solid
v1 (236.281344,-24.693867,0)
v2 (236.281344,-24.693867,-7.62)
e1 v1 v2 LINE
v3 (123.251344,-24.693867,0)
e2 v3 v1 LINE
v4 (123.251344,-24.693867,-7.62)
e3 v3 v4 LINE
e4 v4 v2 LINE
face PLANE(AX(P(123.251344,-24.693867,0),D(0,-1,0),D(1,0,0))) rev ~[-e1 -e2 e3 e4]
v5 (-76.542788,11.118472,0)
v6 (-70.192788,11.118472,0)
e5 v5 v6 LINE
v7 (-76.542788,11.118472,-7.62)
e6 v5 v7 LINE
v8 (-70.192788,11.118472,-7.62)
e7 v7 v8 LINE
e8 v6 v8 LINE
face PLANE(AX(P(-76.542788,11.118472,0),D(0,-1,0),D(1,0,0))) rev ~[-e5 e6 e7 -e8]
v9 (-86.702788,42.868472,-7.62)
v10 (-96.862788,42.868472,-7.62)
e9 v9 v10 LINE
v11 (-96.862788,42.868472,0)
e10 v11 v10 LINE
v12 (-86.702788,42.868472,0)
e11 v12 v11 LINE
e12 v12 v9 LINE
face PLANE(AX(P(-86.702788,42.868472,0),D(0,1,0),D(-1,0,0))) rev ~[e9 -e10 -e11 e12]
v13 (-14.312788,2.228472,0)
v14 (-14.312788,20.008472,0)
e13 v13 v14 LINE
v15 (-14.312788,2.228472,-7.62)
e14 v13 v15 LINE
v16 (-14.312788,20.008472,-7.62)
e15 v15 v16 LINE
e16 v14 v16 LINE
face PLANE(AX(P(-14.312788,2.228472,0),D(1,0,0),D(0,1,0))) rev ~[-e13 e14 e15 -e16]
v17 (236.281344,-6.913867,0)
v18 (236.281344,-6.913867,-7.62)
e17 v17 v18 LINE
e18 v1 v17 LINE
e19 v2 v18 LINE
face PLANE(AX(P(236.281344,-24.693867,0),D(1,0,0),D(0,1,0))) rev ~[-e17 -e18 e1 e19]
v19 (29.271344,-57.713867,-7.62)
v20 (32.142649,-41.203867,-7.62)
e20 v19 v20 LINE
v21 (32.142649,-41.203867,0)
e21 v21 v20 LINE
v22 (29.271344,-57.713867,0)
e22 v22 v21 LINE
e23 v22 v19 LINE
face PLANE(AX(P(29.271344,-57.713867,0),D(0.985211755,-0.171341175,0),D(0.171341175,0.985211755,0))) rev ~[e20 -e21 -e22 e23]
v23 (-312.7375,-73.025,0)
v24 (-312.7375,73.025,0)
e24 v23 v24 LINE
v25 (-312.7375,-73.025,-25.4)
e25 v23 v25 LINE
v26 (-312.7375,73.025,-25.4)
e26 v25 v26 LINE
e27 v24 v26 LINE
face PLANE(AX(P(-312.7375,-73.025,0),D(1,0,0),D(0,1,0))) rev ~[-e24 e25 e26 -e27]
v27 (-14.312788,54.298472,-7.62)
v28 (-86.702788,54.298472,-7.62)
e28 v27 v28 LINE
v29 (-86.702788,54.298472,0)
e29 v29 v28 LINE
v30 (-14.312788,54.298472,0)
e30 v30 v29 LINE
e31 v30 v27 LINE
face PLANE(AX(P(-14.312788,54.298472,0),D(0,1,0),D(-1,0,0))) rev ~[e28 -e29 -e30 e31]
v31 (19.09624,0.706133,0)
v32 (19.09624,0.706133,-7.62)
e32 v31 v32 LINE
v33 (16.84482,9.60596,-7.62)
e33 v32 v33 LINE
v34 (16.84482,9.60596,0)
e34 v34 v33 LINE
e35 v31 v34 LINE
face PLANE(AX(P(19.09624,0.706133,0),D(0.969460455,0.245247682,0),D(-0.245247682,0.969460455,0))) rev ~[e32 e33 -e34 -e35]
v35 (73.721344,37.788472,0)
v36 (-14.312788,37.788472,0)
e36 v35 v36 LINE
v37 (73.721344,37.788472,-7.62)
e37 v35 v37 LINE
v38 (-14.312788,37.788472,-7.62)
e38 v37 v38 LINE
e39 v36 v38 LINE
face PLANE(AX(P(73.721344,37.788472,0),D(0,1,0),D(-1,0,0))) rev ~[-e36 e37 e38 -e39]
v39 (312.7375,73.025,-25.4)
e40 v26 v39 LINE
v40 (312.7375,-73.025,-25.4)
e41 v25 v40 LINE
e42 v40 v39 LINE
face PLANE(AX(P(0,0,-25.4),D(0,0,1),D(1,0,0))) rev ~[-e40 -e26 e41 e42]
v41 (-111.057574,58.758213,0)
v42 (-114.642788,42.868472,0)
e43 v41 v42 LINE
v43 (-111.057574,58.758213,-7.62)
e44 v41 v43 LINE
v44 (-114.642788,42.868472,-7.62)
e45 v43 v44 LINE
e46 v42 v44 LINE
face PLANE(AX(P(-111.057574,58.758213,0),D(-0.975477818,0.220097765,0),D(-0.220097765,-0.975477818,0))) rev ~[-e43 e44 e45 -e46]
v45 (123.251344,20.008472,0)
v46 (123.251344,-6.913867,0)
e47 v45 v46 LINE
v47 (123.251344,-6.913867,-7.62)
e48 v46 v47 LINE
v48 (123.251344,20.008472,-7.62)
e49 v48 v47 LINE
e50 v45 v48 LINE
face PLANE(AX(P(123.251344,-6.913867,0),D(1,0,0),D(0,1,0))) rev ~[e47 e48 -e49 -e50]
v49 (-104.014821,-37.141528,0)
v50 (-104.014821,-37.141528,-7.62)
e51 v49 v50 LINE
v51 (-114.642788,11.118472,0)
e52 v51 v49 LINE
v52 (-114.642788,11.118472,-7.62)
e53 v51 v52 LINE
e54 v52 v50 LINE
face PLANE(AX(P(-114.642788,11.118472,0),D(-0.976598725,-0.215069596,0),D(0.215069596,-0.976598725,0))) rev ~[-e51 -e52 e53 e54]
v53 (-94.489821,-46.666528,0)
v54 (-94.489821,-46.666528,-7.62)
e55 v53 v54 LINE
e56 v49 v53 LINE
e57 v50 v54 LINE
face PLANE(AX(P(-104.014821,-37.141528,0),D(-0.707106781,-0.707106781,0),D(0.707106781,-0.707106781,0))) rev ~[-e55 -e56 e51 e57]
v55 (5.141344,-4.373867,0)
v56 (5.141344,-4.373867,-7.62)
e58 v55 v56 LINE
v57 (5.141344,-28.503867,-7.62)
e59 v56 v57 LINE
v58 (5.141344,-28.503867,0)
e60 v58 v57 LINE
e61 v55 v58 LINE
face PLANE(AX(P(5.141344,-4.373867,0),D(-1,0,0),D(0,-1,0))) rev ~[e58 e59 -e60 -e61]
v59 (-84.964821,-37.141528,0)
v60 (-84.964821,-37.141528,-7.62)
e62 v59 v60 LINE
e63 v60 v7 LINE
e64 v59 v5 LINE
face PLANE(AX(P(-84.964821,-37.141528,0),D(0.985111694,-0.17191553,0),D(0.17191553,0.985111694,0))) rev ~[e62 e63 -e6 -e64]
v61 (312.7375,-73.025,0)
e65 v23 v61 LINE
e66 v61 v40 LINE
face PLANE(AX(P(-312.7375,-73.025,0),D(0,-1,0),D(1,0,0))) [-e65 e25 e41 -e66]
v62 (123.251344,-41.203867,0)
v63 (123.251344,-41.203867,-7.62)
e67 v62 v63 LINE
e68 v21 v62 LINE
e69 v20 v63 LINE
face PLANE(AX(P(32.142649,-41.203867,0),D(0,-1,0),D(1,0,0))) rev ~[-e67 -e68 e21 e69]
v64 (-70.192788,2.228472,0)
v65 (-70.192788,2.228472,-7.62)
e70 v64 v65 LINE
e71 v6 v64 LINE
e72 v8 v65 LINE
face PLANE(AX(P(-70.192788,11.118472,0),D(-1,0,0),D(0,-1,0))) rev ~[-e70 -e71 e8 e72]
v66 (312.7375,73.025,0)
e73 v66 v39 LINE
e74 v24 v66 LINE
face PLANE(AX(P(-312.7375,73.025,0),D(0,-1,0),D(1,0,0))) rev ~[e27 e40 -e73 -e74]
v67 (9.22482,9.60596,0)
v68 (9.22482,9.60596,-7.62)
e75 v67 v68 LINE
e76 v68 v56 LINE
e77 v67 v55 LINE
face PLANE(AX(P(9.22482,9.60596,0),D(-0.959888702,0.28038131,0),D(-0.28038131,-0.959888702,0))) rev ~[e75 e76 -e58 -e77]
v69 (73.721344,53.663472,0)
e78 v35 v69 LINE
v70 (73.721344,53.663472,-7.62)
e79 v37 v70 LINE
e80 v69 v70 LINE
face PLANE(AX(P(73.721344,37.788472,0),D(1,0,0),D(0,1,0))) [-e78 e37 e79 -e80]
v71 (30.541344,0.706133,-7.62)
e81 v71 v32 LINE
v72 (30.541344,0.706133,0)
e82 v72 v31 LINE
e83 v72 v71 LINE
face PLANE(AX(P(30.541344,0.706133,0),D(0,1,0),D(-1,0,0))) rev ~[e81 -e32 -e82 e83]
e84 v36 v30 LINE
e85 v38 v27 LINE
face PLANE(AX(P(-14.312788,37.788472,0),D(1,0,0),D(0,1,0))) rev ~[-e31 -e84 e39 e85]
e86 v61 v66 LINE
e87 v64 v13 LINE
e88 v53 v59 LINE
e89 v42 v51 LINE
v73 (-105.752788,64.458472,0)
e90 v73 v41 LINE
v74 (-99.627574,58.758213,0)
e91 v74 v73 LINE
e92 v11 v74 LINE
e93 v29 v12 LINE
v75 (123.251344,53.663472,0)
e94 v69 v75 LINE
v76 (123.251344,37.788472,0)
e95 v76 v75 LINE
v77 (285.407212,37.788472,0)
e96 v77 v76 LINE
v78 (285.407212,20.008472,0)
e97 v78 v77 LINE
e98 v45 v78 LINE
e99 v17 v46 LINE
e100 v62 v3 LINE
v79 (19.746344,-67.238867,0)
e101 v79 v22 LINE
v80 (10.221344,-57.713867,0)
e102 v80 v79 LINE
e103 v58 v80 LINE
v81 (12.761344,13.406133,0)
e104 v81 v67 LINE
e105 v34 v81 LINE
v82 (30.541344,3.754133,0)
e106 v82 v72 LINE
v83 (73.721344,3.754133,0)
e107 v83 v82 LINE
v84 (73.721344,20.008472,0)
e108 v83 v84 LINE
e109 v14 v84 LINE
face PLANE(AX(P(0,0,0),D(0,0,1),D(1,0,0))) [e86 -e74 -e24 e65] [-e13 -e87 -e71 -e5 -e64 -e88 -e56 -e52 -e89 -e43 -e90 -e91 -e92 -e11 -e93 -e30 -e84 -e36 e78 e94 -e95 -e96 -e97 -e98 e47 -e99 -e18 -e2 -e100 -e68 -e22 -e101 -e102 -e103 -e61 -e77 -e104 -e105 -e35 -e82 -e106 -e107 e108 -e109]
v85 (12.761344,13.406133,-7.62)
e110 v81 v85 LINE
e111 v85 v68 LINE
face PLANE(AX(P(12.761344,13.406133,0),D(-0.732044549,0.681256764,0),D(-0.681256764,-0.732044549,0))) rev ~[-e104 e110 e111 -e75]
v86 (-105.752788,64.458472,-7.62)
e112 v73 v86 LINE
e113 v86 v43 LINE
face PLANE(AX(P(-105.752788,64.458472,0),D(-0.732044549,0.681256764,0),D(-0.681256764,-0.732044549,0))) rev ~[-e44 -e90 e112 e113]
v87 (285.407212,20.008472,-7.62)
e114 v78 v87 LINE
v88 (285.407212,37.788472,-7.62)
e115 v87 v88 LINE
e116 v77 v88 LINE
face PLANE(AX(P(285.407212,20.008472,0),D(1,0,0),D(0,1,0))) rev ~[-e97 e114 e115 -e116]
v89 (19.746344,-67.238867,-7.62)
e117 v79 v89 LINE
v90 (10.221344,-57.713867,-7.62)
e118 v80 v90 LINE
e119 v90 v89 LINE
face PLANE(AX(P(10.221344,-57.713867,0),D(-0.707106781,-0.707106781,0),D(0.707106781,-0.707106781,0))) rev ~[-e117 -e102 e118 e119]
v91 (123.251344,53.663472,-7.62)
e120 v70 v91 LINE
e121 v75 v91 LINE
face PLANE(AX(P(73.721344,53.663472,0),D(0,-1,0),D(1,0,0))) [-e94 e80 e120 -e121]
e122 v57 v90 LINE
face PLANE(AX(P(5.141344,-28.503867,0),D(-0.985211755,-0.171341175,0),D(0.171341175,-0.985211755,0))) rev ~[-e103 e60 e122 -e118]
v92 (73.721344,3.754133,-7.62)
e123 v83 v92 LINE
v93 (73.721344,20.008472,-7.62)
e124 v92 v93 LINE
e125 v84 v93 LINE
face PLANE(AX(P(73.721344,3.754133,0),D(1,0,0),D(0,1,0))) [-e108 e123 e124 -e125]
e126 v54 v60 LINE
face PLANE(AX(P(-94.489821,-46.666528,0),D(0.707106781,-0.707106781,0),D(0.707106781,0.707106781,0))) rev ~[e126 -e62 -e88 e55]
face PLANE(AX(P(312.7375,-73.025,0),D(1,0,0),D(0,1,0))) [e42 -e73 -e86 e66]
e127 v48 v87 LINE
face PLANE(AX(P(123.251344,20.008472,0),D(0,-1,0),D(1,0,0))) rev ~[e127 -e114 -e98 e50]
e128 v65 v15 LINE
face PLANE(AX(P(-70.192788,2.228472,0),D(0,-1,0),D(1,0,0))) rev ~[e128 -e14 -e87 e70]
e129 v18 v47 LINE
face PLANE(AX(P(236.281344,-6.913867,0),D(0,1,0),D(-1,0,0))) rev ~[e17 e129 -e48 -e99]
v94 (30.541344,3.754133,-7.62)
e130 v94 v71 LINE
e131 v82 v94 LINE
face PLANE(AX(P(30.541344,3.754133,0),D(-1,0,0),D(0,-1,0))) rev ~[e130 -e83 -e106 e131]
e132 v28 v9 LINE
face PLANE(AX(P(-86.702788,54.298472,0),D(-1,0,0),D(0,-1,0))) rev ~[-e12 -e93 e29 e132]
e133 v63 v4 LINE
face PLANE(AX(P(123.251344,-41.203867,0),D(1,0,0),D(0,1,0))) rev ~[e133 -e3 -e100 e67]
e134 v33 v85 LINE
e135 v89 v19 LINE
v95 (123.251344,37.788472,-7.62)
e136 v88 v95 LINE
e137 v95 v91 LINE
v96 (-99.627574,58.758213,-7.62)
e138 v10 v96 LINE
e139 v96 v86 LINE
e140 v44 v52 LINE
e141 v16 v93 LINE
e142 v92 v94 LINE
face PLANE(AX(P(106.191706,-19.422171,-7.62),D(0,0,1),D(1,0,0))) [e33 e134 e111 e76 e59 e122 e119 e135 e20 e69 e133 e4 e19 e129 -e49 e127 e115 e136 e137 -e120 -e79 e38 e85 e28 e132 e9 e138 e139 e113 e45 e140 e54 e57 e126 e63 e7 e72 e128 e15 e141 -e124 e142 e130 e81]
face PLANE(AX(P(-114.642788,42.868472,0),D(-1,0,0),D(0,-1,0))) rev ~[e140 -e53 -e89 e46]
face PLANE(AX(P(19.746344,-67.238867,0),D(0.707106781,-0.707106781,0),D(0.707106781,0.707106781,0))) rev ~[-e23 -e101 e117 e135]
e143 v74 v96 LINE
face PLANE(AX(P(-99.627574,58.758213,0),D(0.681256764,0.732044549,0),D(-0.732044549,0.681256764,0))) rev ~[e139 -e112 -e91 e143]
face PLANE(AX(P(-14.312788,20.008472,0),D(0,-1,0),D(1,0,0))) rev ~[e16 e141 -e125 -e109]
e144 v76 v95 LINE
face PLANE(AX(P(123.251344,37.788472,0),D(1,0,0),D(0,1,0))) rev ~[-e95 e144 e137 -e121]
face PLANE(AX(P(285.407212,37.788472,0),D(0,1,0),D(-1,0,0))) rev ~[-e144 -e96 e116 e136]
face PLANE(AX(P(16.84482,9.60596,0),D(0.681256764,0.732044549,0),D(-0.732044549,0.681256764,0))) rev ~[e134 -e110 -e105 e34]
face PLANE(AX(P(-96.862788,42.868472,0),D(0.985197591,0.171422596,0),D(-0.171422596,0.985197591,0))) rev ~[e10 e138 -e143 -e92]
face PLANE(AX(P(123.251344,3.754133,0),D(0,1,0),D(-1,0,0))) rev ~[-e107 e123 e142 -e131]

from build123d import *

# Parameters (mm, degrees)
F0_W     = 625.475
F0_H     = 146.05
F3_DEPTH = 25.4
F4_DEPTH = 7.62
F2_W     = 49.53
F2_H     = 17.78
F2_H_2   = 16.2543391211
F2_W_2   = 162.1558675107
F2_H_3   = 15.875
F5_DEPTH = 7.62


with BuildPart() as f3:
    # F0 (on Top) → F3 (new body)
    with BuildSketch(Plane.XY):
        Rectangle(F0_W, F0_H)
    extrude(amount=-F3_DEPTH)

    # F1 (on Top) → F4 (cut)
    with BuildSketch(Plane.XY):
        Polygon((5.1413444427, -28.5038674987), (10.2213444427, -57.7138674987), (19.7463444427, -67.2388674987), (29.2713444427, -57.7138674987), (32.1426487905, -41.2038674987), (123.2513444427, -41.2038674987), (123.2513444427, -24.6938674987), (236.2813444427, -24.6938674987), (236.2813444427, -6.9138674987), (123.2513444427, -6.9138674987), (123.2513444427, 3.7541325013), (30.5413444427, 3.7541325013), (30.5413444427, 0.7061325013), (30.5413444427, -4.3738674987), (20.3813444427, -4.3738674987), (19.0962397041, 0.7061325013), (16.8448203131, 9.6059600121), (12.7613444427, 13.4061325013), (9.2248203131, 9.6059600121), (5.1413444427, -4.3738674987), align=None)
        Polygon((30.5413444427, 0.7061325013), (19.0962397041, 0.7061325013), (20.3813444427, -4.3738674987), (30.5413444427, -4.3738674987), align=None)
    extrude(amount=-F4_DEPTH, mode=Mode.SUBTRACT)

    # F2 (on Top) → F5 (cut)
    with BuildSketch(Plane.XY):
        Polygon((-114.6427880466, 11.1184716225), (-104.0148213506, -37.1415283775), (-94.4898213506, -46.6665283775), (-84.9648213506, -37.1415283775), (-76.5427880466, 11.1184716225), (-70.1927880466, 11.1184716225), (-70.1927880466, 2.2284716225), (-14.3127880466, 2.2284716225), (-14.3127880466, 20.0084716225), (73.7213444427, 20.0084716225), (73.7213444427, 37.7884716225), (-14.3127880466, 37.7884716225), (-14.3127880466, 54.2984716225), (-86.7027880466, 54.2984716225), (-86.7027880466, 42.8684716225), (-96.8627880466, 42.8684716225), (-99.627574241, 58.7582128885), (-105.7527880466, 64.4584716225), (-111.057574241, 58.7582128885), (-114.6427880466, 42.8684716225), align=None)
        with Locations((98.4863444427, 28.8984716225)):
            Rectangle(F2_W, F2_H)
        with Locations((98.4863444427, 11.8813020619)):
            Rectangle(F2_W, F2_H_2)
        with Locations((204.329278198, 28.8984716225)):
            Rectangle(F2_W_2, F2_H)
        with Locations((98.4863444427, 45.7259716225)):
            Rectangle(F2_W, F2_H_3)
    extrude(amount=-F5_DEPTH, mode=Mode.SUBTRACT)


solid = f3.part
